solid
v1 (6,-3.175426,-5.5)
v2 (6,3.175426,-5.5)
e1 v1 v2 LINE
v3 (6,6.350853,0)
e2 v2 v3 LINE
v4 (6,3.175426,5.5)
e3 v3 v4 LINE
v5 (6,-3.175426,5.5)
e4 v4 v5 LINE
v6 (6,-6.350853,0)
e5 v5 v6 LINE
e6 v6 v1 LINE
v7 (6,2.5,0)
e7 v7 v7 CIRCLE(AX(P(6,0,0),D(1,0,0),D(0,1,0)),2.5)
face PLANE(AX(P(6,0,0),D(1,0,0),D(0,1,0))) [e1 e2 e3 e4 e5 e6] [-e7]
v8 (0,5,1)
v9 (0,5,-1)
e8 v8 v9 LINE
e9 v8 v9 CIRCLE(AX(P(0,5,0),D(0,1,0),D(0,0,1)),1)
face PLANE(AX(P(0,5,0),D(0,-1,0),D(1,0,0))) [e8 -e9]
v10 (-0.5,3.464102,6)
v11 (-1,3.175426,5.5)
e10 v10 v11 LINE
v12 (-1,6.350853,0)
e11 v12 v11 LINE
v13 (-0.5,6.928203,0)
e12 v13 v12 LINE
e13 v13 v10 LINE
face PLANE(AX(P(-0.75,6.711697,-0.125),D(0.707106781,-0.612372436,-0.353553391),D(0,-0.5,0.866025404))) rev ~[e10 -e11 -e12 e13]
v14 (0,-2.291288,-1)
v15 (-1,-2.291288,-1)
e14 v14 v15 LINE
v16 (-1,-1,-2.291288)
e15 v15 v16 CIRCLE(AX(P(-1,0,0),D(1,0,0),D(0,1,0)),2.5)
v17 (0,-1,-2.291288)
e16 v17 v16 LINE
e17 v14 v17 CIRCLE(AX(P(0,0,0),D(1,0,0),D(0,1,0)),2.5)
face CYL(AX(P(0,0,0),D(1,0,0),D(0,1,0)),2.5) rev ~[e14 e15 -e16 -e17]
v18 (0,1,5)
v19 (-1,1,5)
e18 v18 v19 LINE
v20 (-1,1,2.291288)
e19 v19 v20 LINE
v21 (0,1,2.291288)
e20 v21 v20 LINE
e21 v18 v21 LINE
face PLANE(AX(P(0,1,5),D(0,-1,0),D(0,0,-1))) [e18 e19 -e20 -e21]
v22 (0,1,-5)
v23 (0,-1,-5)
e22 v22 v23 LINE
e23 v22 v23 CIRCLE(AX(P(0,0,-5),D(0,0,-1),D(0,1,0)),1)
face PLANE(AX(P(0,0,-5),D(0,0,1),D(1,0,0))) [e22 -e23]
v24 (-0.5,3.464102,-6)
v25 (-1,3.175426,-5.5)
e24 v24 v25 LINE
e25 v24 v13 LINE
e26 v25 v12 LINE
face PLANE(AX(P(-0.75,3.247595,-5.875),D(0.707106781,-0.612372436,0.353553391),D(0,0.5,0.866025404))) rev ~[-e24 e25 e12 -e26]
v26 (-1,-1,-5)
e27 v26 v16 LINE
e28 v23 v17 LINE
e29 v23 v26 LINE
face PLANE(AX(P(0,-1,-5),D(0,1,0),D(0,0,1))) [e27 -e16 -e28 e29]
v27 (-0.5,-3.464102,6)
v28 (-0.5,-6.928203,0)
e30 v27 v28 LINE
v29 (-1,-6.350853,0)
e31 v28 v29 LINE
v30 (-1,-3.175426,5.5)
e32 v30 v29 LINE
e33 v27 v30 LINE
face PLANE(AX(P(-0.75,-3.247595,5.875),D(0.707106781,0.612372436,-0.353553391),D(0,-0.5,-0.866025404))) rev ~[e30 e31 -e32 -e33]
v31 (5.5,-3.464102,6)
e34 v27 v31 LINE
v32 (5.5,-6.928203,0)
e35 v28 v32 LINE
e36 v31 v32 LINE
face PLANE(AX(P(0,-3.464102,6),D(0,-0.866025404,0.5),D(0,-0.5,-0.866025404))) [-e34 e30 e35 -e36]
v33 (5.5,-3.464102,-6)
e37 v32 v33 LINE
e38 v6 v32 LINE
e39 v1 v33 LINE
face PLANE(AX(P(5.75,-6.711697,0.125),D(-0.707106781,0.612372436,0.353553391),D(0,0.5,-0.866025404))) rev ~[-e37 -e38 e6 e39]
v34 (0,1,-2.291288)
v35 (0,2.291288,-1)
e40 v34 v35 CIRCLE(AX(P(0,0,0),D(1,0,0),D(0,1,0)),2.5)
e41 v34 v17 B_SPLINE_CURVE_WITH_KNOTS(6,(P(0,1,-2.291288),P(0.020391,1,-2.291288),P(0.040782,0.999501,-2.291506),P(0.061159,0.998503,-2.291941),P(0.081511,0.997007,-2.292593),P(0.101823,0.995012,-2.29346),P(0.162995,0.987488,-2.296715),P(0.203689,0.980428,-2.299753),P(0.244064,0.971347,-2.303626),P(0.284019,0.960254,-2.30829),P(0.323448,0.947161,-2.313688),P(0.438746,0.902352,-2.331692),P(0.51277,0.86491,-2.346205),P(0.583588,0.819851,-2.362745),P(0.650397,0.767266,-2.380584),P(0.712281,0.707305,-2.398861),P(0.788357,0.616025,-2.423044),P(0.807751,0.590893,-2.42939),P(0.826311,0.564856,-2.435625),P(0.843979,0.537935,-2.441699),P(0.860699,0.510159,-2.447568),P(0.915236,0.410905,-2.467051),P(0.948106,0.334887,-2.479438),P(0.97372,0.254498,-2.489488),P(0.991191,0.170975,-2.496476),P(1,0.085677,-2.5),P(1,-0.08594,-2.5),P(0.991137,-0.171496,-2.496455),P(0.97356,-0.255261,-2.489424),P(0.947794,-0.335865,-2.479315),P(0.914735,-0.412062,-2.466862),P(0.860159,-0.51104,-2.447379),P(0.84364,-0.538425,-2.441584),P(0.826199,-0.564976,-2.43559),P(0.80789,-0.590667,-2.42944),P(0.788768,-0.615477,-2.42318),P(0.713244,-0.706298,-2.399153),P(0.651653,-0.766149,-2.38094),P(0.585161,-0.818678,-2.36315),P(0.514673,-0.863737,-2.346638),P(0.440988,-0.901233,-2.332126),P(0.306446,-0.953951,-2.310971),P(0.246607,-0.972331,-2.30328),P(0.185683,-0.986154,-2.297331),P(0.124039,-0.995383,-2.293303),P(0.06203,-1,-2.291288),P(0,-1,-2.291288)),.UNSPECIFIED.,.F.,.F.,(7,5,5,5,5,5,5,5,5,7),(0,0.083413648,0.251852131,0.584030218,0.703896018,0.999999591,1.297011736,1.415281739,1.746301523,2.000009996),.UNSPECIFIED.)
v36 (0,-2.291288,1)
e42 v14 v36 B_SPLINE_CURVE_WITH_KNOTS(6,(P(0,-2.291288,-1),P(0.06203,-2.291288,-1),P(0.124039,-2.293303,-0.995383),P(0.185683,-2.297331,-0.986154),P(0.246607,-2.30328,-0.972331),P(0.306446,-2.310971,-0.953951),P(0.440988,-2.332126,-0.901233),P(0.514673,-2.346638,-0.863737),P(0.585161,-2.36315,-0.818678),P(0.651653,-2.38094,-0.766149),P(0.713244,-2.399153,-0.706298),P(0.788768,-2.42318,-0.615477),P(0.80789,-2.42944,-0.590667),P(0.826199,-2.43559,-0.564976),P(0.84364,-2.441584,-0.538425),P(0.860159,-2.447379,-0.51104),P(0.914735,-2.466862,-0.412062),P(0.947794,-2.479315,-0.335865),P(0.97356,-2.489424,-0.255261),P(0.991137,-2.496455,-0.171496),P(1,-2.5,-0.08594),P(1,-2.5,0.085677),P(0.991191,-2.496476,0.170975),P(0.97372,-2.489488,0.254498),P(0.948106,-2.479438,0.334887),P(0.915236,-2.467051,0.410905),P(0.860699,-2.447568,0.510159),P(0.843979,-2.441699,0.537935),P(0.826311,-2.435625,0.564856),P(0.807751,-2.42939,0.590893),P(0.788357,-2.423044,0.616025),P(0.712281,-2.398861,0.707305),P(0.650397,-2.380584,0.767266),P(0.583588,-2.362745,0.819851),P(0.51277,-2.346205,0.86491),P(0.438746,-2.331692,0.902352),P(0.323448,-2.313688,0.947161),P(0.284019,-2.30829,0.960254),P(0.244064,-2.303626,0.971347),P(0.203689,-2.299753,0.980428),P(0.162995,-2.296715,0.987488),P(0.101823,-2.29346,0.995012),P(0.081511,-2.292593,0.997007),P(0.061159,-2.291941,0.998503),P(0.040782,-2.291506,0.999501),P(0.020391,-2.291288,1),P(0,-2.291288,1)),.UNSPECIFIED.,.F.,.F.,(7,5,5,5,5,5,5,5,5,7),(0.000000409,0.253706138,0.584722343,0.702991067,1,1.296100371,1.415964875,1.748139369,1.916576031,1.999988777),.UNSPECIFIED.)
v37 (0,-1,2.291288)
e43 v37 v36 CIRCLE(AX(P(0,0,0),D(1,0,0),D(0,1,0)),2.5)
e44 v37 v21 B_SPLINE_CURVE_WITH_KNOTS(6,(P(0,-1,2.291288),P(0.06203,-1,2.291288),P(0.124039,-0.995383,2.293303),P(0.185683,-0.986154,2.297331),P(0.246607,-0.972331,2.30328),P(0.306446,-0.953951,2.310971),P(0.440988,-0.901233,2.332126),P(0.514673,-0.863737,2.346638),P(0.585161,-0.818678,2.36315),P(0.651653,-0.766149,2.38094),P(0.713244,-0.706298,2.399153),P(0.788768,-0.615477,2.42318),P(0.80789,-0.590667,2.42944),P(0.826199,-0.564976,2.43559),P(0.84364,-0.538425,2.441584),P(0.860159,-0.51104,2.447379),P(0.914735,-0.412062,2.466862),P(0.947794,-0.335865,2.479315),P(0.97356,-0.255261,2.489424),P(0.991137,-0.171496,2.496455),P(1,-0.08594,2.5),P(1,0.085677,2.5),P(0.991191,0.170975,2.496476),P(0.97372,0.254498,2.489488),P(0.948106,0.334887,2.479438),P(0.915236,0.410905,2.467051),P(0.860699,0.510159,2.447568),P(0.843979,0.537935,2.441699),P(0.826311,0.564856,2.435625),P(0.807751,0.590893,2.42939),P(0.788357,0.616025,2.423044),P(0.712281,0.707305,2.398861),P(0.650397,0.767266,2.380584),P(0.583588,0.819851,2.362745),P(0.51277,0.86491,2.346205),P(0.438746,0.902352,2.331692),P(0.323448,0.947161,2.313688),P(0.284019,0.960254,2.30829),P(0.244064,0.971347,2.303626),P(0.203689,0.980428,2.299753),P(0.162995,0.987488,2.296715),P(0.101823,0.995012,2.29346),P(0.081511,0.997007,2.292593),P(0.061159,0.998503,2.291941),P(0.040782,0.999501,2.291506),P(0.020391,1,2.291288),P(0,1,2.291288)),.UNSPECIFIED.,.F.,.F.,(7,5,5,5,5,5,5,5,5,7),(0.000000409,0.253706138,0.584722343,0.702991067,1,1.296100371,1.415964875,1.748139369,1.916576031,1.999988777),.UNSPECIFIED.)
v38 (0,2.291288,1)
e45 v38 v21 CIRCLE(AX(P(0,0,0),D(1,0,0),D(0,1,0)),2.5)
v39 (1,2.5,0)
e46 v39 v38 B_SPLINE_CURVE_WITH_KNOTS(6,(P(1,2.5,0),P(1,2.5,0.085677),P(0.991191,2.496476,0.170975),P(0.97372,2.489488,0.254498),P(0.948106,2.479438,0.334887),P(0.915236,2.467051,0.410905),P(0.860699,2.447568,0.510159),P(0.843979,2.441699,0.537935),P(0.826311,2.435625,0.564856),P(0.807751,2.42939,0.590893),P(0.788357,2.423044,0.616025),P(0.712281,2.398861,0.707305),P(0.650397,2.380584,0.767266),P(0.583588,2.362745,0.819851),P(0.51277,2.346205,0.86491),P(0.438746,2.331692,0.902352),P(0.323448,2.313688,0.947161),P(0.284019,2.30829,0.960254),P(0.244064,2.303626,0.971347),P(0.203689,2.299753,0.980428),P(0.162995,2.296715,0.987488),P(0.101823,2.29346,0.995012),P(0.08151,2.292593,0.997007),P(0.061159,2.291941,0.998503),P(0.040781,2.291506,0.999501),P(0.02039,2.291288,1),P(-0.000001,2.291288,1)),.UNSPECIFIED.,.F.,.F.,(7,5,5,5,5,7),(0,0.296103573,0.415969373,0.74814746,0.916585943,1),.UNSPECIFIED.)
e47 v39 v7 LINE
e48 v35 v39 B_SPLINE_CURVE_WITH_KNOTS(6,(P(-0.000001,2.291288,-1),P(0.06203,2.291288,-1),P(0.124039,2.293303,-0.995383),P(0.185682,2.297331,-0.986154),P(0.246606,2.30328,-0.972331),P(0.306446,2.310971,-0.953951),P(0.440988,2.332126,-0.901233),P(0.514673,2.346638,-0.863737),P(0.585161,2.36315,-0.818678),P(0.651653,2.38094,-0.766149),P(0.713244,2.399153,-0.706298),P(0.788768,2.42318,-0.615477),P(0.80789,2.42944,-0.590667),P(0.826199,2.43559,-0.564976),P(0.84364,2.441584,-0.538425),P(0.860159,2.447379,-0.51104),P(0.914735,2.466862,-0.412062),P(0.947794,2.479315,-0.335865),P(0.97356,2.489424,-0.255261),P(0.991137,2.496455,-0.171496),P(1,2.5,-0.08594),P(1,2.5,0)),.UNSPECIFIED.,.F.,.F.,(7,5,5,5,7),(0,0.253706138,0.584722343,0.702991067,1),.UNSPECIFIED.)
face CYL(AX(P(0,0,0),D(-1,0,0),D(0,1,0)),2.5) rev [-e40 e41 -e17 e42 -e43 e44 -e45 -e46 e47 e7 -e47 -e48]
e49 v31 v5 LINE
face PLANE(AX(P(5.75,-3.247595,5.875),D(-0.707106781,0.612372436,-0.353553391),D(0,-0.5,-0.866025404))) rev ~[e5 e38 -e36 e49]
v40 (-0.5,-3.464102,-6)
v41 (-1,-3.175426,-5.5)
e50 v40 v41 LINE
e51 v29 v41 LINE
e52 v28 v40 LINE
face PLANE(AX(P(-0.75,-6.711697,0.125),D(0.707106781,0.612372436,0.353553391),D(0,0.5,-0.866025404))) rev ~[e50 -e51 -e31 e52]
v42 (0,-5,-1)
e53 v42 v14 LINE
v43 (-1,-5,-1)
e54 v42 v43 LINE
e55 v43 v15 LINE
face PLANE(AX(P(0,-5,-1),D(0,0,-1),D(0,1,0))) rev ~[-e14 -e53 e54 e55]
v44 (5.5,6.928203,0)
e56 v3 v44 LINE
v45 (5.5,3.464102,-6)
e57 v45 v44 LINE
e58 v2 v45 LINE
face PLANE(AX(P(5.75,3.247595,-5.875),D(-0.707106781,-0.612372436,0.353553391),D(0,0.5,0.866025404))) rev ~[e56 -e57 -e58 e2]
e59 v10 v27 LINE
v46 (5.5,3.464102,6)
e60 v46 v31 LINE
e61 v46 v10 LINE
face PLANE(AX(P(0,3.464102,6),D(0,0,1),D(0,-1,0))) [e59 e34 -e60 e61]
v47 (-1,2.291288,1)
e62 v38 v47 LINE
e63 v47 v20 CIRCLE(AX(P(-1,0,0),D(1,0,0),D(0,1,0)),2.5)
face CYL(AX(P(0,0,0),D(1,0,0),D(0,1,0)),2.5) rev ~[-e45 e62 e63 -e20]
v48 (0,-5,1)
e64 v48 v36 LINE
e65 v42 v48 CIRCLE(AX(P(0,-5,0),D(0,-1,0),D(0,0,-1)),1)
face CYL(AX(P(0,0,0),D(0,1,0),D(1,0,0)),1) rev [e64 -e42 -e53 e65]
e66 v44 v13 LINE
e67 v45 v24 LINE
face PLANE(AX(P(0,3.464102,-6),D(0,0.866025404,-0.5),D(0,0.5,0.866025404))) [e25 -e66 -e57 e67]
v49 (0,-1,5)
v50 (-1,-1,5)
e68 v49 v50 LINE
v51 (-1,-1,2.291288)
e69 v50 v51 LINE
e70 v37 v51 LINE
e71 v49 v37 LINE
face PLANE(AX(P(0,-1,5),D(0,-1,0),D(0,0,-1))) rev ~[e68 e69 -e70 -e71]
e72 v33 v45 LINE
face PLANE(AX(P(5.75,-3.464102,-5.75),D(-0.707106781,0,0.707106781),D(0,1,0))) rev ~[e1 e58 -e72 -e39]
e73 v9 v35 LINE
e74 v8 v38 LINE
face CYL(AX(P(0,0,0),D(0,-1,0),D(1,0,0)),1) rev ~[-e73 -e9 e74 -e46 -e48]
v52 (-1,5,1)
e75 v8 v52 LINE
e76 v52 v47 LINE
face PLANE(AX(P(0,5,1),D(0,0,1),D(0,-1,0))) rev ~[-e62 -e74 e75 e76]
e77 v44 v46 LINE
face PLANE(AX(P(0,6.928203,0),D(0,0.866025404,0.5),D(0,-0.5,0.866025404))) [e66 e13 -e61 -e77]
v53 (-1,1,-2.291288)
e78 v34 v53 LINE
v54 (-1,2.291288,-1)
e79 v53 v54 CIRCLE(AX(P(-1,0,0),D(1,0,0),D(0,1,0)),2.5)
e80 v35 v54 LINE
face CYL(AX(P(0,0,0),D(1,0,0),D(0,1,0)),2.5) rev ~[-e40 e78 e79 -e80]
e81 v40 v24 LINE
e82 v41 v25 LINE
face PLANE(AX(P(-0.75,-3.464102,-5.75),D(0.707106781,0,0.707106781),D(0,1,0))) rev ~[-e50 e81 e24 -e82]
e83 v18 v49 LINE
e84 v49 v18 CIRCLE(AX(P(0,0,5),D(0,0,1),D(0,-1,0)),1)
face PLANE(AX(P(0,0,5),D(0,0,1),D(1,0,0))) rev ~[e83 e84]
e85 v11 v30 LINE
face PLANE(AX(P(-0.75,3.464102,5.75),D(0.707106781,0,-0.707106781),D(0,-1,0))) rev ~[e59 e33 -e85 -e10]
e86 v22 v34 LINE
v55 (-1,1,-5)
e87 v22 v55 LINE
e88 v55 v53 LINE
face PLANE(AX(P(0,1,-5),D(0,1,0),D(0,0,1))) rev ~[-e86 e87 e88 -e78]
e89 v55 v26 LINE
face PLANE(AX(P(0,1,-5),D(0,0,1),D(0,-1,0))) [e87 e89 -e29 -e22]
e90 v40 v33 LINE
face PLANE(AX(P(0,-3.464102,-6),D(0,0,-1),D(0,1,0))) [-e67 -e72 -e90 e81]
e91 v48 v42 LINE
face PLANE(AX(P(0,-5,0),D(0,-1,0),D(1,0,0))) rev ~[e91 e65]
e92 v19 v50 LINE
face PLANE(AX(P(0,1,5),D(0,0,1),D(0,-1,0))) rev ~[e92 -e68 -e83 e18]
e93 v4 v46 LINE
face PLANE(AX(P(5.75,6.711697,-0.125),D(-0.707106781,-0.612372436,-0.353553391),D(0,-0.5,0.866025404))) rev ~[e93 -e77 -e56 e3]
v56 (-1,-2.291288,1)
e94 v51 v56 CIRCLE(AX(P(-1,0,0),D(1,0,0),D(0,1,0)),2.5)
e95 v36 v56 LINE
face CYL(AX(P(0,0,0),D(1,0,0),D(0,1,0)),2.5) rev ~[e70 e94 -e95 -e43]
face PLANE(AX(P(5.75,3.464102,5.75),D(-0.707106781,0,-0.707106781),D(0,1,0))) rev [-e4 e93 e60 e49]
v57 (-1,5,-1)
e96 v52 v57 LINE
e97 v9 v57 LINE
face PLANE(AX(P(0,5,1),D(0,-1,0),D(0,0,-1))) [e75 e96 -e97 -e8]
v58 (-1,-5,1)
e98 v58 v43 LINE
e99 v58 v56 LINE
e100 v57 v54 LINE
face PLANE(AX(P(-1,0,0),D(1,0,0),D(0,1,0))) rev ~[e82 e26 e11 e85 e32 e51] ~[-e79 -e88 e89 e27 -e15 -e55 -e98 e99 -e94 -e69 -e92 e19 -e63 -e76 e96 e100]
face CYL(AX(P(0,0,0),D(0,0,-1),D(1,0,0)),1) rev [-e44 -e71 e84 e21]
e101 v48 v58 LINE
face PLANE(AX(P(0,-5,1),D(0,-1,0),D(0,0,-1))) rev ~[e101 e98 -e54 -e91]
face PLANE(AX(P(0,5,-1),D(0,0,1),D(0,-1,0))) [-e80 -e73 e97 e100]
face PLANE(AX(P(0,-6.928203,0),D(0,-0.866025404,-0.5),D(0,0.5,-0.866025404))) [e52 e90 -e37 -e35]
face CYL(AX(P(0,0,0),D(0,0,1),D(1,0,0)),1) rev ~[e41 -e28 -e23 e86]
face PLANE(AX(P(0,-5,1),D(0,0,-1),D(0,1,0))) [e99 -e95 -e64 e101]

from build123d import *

# Parameters (mm, degrees)
F0_R     = 2.5
F3_DEPTH = 6
F1_R     = 1
F4_DEPTH = 5
F5_DEPTH = 5
F2_R     = 1
F6_DEPTH = 5
F7_DEPTH = 5
F8_SIZE  = 0.5
F9_DEPTH = 1
F10_SIZE = 0.5


with BuildPart() as f3:
    # F0 (on Right) → F3 (new body)
    with BuildSketch(Plane.YZ):
        Polygon((3.4641016151, 6), (-3.4641016151, 6), (-6.9282032303, 0), (-3.4641016151, -6), (3.4641016151, -6), (6.9282032303, 0), align=None)
        Circle(F0_R, mode=Mode.SUBTRACT)
    extrude(amount=F3_DEPTH)

    # F1 (on Front) → F4 (cut)
    with BuildSketch(Plane.XZ):
        Circle(F1_R)
    extrude(amount=-F4_DEPTH, mode=Mode.SUBTRACT)

    # F1 (on Front) → F5 (cut)
    with BuildSketch(Plane.XZ):
        Circle(F1_R)
    extrude(amount=F5_DEPTH, mode=Mode.SUBTRACT)

    # F2 (on Top) → F6 (cut)
    with BuildSketch(Plane.XY):
        Circle(F2_R)
    extrude(amount=-F6_DEPTH, mode=Mode.SUBTRACT)

    # F2 (on Top) → F7 (cut)
    with BuildSketch(Plane.XY):
        Circle(F2_R)
    extrude(amount=F7_DEPTH, mode=Mode.SUBTRACT)

    # F8
    f8_edges = [f3.edges().sort_by_distance(p)[0] for p in [
        (6, 0, -6),
        (6, 5.196152, -3),
        (6, 5.196152, 3),
        (6, 0, 6),
        (6, -5.196152, 3),
        (6, -5.196152, -3),
    ]]
    chamfer(f8_edges, length=F8_SIZE)

    # F9 (add): a face of the model
    f9_faces = [f3.faces().sort_by_distance(p)[0] for p in [
        (0, 5.037407344, 2.9083484861),
    ]]
    extrude(f9_faces, amount=F9_DEPTH)

    # F10
    f10_edges = [f3.edges().sort_by_distance(p)[0] for p in [
        (-1, -5.196152, -3),
        (-1, 5.196152, -3),
        (-1, 0, -6),
        (-1, 0, 6),
        (-1, 5.196152, 3),
        (-1, -5.196152, 3),
    ]]
    chamfer(f10_edges, length=F10_SIZE)


solid = f3.part
